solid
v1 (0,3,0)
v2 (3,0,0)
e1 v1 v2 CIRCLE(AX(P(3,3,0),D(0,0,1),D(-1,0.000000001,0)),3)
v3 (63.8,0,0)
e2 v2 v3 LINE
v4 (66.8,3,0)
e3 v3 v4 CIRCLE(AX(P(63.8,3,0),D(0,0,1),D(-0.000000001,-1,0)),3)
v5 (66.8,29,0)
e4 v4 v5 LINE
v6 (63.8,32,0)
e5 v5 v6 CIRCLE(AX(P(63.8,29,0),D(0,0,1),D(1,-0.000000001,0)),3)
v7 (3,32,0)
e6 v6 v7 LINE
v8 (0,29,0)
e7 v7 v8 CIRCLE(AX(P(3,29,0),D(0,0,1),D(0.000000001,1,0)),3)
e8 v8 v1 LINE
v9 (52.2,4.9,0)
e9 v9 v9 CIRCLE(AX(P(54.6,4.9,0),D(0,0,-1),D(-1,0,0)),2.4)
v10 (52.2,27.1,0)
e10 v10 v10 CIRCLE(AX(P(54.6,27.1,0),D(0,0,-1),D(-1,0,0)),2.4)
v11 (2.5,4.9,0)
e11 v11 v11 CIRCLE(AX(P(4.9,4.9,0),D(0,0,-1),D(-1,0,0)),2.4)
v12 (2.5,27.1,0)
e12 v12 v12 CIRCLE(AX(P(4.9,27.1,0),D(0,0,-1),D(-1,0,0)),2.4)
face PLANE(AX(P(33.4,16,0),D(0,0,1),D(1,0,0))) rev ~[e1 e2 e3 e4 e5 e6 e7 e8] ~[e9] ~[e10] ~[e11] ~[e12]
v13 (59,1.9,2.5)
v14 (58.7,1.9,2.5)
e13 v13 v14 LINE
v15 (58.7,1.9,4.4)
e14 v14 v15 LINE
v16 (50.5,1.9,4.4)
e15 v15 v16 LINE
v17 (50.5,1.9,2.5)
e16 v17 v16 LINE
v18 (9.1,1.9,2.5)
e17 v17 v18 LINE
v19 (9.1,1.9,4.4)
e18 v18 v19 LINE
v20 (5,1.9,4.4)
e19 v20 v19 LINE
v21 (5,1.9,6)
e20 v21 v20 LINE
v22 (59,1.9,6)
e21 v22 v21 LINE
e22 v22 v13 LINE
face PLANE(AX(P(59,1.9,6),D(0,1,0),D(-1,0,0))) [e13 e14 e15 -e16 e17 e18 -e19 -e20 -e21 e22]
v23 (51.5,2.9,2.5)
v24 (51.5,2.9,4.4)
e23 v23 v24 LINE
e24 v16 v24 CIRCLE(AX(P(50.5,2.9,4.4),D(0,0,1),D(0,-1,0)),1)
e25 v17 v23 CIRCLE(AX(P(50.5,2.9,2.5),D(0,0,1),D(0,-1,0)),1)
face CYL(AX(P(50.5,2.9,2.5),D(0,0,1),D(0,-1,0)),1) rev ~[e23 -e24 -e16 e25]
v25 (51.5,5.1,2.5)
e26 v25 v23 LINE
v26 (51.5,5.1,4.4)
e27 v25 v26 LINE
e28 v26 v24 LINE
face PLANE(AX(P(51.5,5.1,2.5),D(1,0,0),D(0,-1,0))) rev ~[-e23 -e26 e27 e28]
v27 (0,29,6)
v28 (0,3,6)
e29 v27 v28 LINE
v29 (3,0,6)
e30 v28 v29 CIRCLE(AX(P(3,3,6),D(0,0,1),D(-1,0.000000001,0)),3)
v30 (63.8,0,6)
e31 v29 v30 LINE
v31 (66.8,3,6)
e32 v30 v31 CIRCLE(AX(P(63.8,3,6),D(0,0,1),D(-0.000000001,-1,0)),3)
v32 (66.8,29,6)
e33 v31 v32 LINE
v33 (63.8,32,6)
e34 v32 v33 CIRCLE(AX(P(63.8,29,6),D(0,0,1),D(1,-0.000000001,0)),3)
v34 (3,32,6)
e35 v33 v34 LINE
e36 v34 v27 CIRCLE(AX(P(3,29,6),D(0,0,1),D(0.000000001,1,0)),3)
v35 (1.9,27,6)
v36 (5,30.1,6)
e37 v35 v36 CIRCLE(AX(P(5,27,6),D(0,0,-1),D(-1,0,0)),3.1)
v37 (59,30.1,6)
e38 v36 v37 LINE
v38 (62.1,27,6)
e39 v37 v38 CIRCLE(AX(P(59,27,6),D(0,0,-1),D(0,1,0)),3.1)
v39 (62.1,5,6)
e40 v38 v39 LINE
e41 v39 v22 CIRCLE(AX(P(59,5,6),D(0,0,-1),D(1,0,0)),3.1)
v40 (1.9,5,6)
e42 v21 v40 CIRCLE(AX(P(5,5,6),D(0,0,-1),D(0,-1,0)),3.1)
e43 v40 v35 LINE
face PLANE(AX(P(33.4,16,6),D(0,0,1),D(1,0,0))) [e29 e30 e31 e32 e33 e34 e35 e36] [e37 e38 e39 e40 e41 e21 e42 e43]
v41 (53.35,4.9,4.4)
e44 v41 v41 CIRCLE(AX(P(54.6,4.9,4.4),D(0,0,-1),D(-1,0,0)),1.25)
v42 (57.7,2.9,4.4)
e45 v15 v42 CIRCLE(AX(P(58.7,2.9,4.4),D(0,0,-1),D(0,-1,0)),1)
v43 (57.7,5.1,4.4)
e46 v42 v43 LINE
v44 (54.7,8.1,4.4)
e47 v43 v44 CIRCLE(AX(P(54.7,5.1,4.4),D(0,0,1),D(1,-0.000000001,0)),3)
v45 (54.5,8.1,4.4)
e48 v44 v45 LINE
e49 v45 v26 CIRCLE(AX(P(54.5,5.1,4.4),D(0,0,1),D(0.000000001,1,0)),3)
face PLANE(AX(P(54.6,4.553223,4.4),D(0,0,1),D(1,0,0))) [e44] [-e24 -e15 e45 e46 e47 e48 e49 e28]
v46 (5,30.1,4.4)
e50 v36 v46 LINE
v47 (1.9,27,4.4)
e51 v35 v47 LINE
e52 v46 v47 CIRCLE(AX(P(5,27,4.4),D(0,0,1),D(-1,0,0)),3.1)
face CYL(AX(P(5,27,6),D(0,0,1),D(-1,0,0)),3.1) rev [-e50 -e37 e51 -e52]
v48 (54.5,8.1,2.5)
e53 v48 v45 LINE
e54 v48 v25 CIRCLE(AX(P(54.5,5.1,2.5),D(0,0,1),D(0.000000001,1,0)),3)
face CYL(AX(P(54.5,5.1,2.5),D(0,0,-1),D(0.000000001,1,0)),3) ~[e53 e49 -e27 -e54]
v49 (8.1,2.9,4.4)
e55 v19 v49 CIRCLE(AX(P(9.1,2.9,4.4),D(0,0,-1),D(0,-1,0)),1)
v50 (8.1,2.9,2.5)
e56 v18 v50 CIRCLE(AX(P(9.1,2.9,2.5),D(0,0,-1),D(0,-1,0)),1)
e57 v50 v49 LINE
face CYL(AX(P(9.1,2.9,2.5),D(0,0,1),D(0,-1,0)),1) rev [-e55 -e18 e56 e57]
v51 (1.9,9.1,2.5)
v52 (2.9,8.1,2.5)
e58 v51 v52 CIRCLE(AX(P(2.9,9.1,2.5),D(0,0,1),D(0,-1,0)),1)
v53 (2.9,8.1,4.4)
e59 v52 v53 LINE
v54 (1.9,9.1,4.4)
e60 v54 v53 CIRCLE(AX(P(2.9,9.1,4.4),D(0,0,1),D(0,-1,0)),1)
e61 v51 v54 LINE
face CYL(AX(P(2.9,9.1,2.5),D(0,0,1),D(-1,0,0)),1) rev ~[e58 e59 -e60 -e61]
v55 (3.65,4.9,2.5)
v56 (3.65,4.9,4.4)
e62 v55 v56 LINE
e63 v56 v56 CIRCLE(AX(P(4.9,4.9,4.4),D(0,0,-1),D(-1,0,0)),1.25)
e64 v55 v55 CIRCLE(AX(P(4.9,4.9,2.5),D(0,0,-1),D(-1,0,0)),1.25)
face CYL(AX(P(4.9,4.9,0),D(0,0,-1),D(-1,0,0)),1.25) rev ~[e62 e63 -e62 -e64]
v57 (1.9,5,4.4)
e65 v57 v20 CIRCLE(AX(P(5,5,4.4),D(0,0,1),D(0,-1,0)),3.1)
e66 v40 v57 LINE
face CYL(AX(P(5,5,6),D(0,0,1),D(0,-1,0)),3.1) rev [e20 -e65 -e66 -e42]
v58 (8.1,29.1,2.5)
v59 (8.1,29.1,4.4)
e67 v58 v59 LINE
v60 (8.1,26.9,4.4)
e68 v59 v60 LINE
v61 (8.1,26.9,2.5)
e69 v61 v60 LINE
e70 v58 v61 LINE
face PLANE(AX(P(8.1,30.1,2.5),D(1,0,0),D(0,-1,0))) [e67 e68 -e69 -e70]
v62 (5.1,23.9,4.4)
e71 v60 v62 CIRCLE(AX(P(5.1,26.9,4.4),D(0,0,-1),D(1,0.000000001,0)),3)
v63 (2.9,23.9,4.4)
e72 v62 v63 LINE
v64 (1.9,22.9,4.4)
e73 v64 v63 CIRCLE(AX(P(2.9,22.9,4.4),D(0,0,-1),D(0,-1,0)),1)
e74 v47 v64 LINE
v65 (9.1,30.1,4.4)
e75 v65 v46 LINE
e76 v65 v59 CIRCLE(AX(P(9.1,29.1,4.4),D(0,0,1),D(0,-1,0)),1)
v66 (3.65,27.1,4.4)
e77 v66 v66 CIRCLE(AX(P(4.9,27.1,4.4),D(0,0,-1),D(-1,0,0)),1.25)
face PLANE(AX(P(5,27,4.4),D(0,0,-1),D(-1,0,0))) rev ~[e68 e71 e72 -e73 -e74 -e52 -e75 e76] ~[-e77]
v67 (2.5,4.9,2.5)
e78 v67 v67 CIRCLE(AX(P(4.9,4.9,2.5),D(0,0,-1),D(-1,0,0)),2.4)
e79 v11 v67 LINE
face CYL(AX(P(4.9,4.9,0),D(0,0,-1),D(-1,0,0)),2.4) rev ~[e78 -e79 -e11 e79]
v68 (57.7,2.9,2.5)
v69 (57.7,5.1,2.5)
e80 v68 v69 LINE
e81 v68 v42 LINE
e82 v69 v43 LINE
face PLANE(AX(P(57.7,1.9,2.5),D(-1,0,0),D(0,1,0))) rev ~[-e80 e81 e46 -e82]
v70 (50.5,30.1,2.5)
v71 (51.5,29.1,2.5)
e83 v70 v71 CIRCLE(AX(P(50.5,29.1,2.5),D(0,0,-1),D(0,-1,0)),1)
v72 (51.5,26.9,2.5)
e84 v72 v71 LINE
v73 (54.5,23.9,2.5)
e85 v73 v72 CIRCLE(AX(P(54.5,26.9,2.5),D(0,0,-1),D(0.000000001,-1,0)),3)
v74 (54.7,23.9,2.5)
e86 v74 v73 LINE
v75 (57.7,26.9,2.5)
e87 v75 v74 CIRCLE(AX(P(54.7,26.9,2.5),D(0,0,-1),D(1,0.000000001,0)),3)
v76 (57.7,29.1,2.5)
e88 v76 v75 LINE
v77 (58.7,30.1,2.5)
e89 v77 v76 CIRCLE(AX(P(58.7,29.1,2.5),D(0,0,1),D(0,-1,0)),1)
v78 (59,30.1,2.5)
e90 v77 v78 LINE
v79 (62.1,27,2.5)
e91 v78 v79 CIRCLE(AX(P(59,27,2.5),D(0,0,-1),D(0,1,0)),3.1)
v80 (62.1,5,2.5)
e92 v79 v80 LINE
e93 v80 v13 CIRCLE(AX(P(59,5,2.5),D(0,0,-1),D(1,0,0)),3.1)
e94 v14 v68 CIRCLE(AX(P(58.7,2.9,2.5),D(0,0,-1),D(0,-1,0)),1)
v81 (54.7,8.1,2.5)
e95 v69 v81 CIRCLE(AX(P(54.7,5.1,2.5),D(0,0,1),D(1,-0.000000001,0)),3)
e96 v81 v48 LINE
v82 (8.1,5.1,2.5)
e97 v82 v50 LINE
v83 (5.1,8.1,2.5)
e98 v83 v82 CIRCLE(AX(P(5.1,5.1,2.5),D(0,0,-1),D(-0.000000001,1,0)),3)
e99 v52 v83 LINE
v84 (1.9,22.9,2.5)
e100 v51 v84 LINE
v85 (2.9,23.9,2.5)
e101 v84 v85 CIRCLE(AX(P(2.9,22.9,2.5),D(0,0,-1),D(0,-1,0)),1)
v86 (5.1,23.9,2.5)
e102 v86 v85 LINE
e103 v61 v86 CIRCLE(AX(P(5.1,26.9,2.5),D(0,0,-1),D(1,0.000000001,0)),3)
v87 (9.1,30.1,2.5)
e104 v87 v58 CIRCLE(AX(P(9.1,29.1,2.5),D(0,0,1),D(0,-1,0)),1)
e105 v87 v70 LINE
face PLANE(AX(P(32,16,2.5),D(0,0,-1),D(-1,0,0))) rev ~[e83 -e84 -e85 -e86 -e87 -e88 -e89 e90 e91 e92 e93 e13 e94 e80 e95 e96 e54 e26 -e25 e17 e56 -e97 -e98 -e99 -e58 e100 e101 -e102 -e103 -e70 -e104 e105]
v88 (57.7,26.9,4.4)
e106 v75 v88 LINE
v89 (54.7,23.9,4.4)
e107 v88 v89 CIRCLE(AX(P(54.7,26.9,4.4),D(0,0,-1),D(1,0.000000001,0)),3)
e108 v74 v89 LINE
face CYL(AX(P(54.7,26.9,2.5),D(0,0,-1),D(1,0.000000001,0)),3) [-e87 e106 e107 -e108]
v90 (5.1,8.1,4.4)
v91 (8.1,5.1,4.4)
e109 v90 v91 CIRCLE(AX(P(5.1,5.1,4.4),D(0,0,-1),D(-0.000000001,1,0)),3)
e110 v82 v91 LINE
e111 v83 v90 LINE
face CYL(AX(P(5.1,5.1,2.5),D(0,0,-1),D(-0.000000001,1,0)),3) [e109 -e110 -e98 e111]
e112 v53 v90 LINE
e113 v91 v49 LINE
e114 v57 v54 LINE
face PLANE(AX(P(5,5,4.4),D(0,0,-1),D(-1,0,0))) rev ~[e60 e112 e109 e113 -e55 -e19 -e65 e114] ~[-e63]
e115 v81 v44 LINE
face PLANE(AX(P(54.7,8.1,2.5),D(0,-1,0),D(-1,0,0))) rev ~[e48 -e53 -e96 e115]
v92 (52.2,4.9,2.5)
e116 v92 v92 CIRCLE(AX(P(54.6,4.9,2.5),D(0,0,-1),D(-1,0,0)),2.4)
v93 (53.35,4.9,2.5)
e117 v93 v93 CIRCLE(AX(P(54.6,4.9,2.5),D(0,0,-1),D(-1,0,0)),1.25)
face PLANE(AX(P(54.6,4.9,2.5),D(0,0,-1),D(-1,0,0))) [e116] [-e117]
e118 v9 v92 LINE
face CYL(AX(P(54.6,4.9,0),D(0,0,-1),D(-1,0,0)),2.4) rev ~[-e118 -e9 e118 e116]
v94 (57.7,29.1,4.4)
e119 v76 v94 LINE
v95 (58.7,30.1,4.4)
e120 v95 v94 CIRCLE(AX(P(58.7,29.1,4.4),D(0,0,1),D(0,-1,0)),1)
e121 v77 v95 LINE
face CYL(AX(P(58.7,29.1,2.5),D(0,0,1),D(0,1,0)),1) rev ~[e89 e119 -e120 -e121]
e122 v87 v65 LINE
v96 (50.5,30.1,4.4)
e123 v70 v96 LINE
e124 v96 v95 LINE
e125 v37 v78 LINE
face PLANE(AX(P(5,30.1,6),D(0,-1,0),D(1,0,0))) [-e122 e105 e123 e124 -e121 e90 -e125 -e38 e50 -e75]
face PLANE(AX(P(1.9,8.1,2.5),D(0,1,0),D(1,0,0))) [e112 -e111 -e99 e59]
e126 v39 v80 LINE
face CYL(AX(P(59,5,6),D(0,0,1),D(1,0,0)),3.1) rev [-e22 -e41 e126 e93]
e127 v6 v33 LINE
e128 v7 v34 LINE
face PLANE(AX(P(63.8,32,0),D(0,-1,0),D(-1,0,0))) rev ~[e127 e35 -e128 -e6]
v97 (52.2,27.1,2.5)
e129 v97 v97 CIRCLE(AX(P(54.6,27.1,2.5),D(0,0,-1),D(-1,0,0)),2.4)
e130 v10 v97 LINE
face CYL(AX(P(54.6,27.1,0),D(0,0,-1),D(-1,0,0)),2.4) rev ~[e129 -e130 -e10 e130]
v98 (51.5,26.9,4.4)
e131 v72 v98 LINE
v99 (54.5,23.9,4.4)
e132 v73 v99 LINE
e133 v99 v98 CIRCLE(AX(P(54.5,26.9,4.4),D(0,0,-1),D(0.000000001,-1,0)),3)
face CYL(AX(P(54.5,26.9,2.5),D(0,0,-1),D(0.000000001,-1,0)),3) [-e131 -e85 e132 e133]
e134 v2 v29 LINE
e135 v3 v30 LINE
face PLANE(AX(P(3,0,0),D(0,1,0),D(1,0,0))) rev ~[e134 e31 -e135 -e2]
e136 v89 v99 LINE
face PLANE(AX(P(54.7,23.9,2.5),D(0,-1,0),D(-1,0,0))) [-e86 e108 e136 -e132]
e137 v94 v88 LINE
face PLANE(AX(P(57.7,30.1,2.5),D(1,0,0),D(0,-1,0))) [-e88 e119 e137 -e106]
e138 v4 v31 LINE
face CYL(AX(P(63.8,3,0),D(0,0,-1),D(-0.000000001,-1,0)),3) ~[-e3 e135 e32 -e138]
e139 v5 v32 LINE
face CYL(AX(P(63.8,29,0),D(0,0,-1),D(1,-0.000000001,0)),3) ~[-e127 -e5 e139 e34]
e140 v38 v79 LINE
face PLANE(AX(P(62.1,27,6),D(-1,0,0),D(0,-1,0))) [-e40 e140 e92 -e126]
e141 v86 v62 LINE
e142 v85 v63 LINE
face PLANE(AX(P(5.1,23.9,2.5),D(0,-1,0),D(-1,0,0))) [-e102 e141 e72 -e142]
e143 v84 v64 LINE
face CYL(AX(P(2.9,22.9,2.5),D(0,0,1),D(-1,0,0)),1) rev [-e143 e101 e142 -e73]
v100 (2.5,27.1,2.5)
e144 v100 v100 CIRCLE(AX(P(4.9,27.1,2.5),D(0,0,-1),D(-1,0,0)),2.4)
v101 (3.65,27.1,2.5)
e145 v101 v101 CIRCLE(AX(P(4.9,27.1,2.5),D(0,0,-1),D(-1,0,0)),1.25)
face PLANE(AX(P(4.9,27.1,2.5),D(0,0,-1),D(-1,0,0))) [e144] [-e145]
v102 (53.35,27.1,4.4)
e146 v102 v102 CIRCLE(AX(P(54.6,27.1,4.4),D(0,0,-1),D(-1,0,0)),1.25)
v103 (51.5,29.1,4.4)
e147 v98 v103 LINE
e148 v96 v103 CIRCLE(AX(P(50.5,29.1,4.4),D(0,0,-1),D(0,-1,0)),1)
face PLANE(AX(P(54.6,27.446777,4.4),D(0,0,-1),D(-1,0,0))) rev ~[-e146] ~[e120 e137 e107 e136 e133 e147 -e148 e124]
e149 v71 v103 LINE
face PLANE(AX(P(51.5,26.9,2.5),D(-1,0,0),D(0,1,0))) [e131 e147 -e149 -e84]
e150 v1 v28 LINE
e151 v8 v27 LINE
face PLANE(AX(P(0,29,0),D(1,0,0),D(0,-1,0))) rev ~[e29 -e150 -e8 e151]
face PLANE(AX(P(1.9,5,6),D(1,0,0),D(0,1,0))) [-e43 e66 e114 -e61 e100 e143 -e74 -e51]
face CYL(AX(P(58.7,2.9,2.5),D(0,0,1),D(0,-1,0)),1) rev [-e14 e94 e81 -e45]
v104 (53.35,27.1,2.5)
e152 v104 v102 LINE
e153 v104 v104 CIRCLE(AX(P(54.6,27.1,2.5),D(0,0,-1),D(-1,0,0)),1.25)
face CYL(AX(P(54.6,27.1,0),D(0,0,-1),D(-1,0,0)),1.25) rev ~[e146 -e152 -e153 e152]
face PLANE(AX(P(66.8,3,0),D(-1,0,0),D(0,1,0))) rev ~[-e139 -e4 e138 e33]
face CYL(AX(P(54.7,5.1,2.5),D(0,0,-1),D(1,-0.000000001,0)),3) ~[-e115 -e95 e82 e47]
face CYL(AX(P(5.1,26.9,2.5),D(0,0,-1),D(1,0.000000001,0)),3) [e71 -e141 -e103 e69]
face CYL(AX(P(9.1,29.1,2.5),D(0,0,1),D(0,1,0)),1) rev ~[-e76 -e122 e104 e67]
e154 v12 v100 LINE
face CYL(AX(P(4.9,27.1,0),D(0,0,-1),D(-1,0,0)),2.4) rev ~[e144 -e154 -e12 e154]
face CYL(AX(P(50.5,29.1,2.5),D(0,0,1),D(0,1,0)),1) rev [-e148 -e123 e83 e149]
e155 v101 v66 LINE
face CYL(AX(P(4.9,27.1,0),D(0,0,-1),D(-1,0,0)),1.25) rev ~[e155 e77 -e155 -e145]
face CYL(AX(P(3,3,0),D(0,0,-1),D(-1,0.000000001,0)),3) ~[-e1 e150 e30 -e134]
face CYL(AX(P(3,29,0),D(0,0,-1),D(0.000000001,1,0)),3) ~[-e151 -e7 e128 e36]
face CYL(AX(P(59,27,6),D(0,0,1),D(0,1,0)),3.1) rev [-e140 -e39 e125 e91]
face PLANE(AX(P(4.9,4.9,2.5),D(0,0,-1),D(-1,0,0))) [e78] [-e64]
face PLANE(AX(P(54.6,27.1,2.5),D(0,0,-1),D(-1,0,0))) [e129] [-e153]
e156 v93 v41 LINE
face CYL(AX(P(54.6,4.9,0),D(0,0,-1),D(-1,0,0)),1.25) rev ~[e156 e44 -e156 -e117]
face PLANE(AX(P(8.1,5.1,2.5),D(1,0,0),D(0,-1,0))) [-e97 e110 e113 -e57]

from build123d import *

# Parameters (mm, degrees)
EXTRUDE_1_DEPTH     = 6
CUT_EXTRUDE_1_DEPTH = 3.5
EXTRUDE_2_DEPTH     = 1.9
SKETCH_4_R          = 1.25
CUT_EXTRUDE_2_DEPTH = 7
SKETCH_11_R         = 2.4
CUT_EXTRUDE_3_DEPTH = 2.5
FILLET_1_R          = 1


with BuildPart() as part:
    # Эскиз1 → Бобышка-Вытянуть1 (new body)
    with BuildSketch(Plane.XY):
        with BuildLine():
            Line((3, 0), (63.8, 0))
            ThreePointArc((63.8, 0), (65.921320344, 0.878679656), (66.8, 3))
            Line((66.8, 3), (66.8, 29))
            ThreePointArc((66.8, 29), (65.921320344, 31.121320344), (63.8, 32))
            Line((63.8, 32), (3, 32))
            ThreePointArc((3, 32), (0.878679656, 31.121320344), (0, 29))
            Line((0, 29), (0, 3))
            ThreePointArc((0, 3), (0.878679656, 0.878679656), (3, 0))
        make_face()
    extrude(amount=EXTRUDE_1_DEPTH)

    # Эскиз2 → Вырез-Вытянуть1 (cut)
    with BuildSketch(Plane.XY.offset(6)):
        with BuildLine():
            Line((5, 30.1), (59, 30.1))
            ThreePointArc((59, 30.1), (61.192031022, 29.192031022), (62.1, 27))
            Line((62.1, 27), (62.1, 5))
            ThreePointArc((62.1, 5), (61.192031022, 2.807968978), (59, 1.9))
            Line((59, 1.9), (5, 1.9))
            ThreePointArc((5, 1.9), (2.807968978, 2.807968978), (1.9, 5))
            Line((1.9, 5), (1.9, 27))
            ThreePointArc((1.9, 27), (2.807968978, 29.192031022), (5, 30.1))
        make_face()
    extrude(amount=-CUT_EXTRUDE_1_DEPTH, mode=Mode.SUBTRACT)

    # Эскиз3 → Бобышка-Вытянуть2 (add)
    with BuildSketch(Plane.XY.offset(2.5)):
        with BuildLine():
            Line((4.9, 30.1), (8.1, 30.1))
            Line((8.1, 30.1), (8.1, 26.9))
            ThreePointArc((8.1, 26.9), (7.221320344, 24.778679656), (5.1, 23.9))
            Line((5.1, 23.9), (1.9, 23.9))
            Line((1.9, 23.9), (1.9, 27.1))
            ThreePointArc((1.9, 27.1), (2.778679656, 29.221320344), (4.9, 30.1))
        make_face()
        with BuildLine():
            Line((1.9, 8.1), (5.1, 8.1))
            ThreePointArc((5.1, 8.1), (7.221320344, 7.221320344), (8.1, 5.1))
            Line((8.1, 5.1), (8.1, 1.9))
            Line((8.1, 1.9), (4.9, 1.9))
            ThreePointArc((4.9, 1.9), (2.778679656, 2.778679656), (1.9, 4.9))
            Line((1.9, 4.9), (1.9, 8.1))
        make_face()
        with BuildLine():
            Line((51.5, 30.1), (57.7, 30.1))
            Line((57.7, 30.1), (57.7, 26.9))
            ThreePointArc((57.7, 26.9), (56.821320344, 24.778679656), (54.7, 23.9))
            Line((54.7, 23.9), (54.5, 23.9))
            ThreePointArc((54.5, 23.9), (52.378679656, 24.778679656), (51.5, 26.9))
            Line((51.5, 26.9), (51.5, 30.1))
        make_face()
        with BuildLine():
            Line((51.5, 1.9), (57.7, 1.9))
            Line((57.7, 1.9), (57.7, 5.1))
            ThreePointArc((57.7, 5.1), (56.821320344, 7.221320344), (54.7, 8.1))
            Line((54.7, 8.1), (54.5, 8.1))
            ThreePointArc((54.5, 8.1), (52.378679656, 7.221320344), (51.5, 5.1))
            Line((51.5, 5.1), (51.5, 1.9))
        make_face()
    extrude(amount=EXTRUDE_2_DEPTH)

    # Эскиз4 → Вырез-Вытянуть2 (cut, through all)
    with BuildSketch(Plane(origin=(0, 0, 0), x_dir=(-1, 0, 0), z_dir=(0, 0, -1))):
        with Locations((-54.6, 27.1)):
            Circle(SKETCH_4_R)
        with Locations((-4.9, 27.1)):
            Circle(SKETCH_4_R)
        with Locations((-4.9, 4.9)):
            Circle(SKETCH_4_R)
        with Locations((-54.6, 4.9)):
            Circle(SKETCH_4_R)
    extrude(amount=-CUT_EXTRUDE_2_DEPTH, mode=Mode.SUBTRACT)

    # Эскиз11 → Вырез-Вытянуть3 (cut)
    with BuildSketch(Plane(origin=(0, 0, 0), x_dir=(-1, 0, 0), z_dir=(0, 0, -1))):
        with Locations((-54.6, 27.1)):
            Circle(SKETCH_11_R)
        with Locations((-4.9, 27.1)):
            Circle(SKETCH_11_R)
        with Locations((-54.6, 4.9)):
            Circle(SKETCH_11_R)
        with Locations((-4.9, 4.9)):
            Circle(SKETCH_11_R)
    extrude(amount=-CUT_EXTRUDE_3_DEPTH, mode=Mode.SUBTRACT)

    # Скругление1
    fillet_1_edges = [part.edges().sort_by_distance(p)[0] for p in [
        (1.9, 8.1, 3.45),
        (8.1, 1.9, 3.45),
        (1.9, 23.9, 3.45),
        (8.1, 30.1, 3.45),
        (51.5, 30.1, 3.45),
        (57.7, 30.1, 3.45),
        (51.5, 1.9, 3.45),
        (57.7, 1.9, 3.45),
    ]]
    fillet(fillet_1_edges, radius=FILLET_1_R)


solid = part.part
